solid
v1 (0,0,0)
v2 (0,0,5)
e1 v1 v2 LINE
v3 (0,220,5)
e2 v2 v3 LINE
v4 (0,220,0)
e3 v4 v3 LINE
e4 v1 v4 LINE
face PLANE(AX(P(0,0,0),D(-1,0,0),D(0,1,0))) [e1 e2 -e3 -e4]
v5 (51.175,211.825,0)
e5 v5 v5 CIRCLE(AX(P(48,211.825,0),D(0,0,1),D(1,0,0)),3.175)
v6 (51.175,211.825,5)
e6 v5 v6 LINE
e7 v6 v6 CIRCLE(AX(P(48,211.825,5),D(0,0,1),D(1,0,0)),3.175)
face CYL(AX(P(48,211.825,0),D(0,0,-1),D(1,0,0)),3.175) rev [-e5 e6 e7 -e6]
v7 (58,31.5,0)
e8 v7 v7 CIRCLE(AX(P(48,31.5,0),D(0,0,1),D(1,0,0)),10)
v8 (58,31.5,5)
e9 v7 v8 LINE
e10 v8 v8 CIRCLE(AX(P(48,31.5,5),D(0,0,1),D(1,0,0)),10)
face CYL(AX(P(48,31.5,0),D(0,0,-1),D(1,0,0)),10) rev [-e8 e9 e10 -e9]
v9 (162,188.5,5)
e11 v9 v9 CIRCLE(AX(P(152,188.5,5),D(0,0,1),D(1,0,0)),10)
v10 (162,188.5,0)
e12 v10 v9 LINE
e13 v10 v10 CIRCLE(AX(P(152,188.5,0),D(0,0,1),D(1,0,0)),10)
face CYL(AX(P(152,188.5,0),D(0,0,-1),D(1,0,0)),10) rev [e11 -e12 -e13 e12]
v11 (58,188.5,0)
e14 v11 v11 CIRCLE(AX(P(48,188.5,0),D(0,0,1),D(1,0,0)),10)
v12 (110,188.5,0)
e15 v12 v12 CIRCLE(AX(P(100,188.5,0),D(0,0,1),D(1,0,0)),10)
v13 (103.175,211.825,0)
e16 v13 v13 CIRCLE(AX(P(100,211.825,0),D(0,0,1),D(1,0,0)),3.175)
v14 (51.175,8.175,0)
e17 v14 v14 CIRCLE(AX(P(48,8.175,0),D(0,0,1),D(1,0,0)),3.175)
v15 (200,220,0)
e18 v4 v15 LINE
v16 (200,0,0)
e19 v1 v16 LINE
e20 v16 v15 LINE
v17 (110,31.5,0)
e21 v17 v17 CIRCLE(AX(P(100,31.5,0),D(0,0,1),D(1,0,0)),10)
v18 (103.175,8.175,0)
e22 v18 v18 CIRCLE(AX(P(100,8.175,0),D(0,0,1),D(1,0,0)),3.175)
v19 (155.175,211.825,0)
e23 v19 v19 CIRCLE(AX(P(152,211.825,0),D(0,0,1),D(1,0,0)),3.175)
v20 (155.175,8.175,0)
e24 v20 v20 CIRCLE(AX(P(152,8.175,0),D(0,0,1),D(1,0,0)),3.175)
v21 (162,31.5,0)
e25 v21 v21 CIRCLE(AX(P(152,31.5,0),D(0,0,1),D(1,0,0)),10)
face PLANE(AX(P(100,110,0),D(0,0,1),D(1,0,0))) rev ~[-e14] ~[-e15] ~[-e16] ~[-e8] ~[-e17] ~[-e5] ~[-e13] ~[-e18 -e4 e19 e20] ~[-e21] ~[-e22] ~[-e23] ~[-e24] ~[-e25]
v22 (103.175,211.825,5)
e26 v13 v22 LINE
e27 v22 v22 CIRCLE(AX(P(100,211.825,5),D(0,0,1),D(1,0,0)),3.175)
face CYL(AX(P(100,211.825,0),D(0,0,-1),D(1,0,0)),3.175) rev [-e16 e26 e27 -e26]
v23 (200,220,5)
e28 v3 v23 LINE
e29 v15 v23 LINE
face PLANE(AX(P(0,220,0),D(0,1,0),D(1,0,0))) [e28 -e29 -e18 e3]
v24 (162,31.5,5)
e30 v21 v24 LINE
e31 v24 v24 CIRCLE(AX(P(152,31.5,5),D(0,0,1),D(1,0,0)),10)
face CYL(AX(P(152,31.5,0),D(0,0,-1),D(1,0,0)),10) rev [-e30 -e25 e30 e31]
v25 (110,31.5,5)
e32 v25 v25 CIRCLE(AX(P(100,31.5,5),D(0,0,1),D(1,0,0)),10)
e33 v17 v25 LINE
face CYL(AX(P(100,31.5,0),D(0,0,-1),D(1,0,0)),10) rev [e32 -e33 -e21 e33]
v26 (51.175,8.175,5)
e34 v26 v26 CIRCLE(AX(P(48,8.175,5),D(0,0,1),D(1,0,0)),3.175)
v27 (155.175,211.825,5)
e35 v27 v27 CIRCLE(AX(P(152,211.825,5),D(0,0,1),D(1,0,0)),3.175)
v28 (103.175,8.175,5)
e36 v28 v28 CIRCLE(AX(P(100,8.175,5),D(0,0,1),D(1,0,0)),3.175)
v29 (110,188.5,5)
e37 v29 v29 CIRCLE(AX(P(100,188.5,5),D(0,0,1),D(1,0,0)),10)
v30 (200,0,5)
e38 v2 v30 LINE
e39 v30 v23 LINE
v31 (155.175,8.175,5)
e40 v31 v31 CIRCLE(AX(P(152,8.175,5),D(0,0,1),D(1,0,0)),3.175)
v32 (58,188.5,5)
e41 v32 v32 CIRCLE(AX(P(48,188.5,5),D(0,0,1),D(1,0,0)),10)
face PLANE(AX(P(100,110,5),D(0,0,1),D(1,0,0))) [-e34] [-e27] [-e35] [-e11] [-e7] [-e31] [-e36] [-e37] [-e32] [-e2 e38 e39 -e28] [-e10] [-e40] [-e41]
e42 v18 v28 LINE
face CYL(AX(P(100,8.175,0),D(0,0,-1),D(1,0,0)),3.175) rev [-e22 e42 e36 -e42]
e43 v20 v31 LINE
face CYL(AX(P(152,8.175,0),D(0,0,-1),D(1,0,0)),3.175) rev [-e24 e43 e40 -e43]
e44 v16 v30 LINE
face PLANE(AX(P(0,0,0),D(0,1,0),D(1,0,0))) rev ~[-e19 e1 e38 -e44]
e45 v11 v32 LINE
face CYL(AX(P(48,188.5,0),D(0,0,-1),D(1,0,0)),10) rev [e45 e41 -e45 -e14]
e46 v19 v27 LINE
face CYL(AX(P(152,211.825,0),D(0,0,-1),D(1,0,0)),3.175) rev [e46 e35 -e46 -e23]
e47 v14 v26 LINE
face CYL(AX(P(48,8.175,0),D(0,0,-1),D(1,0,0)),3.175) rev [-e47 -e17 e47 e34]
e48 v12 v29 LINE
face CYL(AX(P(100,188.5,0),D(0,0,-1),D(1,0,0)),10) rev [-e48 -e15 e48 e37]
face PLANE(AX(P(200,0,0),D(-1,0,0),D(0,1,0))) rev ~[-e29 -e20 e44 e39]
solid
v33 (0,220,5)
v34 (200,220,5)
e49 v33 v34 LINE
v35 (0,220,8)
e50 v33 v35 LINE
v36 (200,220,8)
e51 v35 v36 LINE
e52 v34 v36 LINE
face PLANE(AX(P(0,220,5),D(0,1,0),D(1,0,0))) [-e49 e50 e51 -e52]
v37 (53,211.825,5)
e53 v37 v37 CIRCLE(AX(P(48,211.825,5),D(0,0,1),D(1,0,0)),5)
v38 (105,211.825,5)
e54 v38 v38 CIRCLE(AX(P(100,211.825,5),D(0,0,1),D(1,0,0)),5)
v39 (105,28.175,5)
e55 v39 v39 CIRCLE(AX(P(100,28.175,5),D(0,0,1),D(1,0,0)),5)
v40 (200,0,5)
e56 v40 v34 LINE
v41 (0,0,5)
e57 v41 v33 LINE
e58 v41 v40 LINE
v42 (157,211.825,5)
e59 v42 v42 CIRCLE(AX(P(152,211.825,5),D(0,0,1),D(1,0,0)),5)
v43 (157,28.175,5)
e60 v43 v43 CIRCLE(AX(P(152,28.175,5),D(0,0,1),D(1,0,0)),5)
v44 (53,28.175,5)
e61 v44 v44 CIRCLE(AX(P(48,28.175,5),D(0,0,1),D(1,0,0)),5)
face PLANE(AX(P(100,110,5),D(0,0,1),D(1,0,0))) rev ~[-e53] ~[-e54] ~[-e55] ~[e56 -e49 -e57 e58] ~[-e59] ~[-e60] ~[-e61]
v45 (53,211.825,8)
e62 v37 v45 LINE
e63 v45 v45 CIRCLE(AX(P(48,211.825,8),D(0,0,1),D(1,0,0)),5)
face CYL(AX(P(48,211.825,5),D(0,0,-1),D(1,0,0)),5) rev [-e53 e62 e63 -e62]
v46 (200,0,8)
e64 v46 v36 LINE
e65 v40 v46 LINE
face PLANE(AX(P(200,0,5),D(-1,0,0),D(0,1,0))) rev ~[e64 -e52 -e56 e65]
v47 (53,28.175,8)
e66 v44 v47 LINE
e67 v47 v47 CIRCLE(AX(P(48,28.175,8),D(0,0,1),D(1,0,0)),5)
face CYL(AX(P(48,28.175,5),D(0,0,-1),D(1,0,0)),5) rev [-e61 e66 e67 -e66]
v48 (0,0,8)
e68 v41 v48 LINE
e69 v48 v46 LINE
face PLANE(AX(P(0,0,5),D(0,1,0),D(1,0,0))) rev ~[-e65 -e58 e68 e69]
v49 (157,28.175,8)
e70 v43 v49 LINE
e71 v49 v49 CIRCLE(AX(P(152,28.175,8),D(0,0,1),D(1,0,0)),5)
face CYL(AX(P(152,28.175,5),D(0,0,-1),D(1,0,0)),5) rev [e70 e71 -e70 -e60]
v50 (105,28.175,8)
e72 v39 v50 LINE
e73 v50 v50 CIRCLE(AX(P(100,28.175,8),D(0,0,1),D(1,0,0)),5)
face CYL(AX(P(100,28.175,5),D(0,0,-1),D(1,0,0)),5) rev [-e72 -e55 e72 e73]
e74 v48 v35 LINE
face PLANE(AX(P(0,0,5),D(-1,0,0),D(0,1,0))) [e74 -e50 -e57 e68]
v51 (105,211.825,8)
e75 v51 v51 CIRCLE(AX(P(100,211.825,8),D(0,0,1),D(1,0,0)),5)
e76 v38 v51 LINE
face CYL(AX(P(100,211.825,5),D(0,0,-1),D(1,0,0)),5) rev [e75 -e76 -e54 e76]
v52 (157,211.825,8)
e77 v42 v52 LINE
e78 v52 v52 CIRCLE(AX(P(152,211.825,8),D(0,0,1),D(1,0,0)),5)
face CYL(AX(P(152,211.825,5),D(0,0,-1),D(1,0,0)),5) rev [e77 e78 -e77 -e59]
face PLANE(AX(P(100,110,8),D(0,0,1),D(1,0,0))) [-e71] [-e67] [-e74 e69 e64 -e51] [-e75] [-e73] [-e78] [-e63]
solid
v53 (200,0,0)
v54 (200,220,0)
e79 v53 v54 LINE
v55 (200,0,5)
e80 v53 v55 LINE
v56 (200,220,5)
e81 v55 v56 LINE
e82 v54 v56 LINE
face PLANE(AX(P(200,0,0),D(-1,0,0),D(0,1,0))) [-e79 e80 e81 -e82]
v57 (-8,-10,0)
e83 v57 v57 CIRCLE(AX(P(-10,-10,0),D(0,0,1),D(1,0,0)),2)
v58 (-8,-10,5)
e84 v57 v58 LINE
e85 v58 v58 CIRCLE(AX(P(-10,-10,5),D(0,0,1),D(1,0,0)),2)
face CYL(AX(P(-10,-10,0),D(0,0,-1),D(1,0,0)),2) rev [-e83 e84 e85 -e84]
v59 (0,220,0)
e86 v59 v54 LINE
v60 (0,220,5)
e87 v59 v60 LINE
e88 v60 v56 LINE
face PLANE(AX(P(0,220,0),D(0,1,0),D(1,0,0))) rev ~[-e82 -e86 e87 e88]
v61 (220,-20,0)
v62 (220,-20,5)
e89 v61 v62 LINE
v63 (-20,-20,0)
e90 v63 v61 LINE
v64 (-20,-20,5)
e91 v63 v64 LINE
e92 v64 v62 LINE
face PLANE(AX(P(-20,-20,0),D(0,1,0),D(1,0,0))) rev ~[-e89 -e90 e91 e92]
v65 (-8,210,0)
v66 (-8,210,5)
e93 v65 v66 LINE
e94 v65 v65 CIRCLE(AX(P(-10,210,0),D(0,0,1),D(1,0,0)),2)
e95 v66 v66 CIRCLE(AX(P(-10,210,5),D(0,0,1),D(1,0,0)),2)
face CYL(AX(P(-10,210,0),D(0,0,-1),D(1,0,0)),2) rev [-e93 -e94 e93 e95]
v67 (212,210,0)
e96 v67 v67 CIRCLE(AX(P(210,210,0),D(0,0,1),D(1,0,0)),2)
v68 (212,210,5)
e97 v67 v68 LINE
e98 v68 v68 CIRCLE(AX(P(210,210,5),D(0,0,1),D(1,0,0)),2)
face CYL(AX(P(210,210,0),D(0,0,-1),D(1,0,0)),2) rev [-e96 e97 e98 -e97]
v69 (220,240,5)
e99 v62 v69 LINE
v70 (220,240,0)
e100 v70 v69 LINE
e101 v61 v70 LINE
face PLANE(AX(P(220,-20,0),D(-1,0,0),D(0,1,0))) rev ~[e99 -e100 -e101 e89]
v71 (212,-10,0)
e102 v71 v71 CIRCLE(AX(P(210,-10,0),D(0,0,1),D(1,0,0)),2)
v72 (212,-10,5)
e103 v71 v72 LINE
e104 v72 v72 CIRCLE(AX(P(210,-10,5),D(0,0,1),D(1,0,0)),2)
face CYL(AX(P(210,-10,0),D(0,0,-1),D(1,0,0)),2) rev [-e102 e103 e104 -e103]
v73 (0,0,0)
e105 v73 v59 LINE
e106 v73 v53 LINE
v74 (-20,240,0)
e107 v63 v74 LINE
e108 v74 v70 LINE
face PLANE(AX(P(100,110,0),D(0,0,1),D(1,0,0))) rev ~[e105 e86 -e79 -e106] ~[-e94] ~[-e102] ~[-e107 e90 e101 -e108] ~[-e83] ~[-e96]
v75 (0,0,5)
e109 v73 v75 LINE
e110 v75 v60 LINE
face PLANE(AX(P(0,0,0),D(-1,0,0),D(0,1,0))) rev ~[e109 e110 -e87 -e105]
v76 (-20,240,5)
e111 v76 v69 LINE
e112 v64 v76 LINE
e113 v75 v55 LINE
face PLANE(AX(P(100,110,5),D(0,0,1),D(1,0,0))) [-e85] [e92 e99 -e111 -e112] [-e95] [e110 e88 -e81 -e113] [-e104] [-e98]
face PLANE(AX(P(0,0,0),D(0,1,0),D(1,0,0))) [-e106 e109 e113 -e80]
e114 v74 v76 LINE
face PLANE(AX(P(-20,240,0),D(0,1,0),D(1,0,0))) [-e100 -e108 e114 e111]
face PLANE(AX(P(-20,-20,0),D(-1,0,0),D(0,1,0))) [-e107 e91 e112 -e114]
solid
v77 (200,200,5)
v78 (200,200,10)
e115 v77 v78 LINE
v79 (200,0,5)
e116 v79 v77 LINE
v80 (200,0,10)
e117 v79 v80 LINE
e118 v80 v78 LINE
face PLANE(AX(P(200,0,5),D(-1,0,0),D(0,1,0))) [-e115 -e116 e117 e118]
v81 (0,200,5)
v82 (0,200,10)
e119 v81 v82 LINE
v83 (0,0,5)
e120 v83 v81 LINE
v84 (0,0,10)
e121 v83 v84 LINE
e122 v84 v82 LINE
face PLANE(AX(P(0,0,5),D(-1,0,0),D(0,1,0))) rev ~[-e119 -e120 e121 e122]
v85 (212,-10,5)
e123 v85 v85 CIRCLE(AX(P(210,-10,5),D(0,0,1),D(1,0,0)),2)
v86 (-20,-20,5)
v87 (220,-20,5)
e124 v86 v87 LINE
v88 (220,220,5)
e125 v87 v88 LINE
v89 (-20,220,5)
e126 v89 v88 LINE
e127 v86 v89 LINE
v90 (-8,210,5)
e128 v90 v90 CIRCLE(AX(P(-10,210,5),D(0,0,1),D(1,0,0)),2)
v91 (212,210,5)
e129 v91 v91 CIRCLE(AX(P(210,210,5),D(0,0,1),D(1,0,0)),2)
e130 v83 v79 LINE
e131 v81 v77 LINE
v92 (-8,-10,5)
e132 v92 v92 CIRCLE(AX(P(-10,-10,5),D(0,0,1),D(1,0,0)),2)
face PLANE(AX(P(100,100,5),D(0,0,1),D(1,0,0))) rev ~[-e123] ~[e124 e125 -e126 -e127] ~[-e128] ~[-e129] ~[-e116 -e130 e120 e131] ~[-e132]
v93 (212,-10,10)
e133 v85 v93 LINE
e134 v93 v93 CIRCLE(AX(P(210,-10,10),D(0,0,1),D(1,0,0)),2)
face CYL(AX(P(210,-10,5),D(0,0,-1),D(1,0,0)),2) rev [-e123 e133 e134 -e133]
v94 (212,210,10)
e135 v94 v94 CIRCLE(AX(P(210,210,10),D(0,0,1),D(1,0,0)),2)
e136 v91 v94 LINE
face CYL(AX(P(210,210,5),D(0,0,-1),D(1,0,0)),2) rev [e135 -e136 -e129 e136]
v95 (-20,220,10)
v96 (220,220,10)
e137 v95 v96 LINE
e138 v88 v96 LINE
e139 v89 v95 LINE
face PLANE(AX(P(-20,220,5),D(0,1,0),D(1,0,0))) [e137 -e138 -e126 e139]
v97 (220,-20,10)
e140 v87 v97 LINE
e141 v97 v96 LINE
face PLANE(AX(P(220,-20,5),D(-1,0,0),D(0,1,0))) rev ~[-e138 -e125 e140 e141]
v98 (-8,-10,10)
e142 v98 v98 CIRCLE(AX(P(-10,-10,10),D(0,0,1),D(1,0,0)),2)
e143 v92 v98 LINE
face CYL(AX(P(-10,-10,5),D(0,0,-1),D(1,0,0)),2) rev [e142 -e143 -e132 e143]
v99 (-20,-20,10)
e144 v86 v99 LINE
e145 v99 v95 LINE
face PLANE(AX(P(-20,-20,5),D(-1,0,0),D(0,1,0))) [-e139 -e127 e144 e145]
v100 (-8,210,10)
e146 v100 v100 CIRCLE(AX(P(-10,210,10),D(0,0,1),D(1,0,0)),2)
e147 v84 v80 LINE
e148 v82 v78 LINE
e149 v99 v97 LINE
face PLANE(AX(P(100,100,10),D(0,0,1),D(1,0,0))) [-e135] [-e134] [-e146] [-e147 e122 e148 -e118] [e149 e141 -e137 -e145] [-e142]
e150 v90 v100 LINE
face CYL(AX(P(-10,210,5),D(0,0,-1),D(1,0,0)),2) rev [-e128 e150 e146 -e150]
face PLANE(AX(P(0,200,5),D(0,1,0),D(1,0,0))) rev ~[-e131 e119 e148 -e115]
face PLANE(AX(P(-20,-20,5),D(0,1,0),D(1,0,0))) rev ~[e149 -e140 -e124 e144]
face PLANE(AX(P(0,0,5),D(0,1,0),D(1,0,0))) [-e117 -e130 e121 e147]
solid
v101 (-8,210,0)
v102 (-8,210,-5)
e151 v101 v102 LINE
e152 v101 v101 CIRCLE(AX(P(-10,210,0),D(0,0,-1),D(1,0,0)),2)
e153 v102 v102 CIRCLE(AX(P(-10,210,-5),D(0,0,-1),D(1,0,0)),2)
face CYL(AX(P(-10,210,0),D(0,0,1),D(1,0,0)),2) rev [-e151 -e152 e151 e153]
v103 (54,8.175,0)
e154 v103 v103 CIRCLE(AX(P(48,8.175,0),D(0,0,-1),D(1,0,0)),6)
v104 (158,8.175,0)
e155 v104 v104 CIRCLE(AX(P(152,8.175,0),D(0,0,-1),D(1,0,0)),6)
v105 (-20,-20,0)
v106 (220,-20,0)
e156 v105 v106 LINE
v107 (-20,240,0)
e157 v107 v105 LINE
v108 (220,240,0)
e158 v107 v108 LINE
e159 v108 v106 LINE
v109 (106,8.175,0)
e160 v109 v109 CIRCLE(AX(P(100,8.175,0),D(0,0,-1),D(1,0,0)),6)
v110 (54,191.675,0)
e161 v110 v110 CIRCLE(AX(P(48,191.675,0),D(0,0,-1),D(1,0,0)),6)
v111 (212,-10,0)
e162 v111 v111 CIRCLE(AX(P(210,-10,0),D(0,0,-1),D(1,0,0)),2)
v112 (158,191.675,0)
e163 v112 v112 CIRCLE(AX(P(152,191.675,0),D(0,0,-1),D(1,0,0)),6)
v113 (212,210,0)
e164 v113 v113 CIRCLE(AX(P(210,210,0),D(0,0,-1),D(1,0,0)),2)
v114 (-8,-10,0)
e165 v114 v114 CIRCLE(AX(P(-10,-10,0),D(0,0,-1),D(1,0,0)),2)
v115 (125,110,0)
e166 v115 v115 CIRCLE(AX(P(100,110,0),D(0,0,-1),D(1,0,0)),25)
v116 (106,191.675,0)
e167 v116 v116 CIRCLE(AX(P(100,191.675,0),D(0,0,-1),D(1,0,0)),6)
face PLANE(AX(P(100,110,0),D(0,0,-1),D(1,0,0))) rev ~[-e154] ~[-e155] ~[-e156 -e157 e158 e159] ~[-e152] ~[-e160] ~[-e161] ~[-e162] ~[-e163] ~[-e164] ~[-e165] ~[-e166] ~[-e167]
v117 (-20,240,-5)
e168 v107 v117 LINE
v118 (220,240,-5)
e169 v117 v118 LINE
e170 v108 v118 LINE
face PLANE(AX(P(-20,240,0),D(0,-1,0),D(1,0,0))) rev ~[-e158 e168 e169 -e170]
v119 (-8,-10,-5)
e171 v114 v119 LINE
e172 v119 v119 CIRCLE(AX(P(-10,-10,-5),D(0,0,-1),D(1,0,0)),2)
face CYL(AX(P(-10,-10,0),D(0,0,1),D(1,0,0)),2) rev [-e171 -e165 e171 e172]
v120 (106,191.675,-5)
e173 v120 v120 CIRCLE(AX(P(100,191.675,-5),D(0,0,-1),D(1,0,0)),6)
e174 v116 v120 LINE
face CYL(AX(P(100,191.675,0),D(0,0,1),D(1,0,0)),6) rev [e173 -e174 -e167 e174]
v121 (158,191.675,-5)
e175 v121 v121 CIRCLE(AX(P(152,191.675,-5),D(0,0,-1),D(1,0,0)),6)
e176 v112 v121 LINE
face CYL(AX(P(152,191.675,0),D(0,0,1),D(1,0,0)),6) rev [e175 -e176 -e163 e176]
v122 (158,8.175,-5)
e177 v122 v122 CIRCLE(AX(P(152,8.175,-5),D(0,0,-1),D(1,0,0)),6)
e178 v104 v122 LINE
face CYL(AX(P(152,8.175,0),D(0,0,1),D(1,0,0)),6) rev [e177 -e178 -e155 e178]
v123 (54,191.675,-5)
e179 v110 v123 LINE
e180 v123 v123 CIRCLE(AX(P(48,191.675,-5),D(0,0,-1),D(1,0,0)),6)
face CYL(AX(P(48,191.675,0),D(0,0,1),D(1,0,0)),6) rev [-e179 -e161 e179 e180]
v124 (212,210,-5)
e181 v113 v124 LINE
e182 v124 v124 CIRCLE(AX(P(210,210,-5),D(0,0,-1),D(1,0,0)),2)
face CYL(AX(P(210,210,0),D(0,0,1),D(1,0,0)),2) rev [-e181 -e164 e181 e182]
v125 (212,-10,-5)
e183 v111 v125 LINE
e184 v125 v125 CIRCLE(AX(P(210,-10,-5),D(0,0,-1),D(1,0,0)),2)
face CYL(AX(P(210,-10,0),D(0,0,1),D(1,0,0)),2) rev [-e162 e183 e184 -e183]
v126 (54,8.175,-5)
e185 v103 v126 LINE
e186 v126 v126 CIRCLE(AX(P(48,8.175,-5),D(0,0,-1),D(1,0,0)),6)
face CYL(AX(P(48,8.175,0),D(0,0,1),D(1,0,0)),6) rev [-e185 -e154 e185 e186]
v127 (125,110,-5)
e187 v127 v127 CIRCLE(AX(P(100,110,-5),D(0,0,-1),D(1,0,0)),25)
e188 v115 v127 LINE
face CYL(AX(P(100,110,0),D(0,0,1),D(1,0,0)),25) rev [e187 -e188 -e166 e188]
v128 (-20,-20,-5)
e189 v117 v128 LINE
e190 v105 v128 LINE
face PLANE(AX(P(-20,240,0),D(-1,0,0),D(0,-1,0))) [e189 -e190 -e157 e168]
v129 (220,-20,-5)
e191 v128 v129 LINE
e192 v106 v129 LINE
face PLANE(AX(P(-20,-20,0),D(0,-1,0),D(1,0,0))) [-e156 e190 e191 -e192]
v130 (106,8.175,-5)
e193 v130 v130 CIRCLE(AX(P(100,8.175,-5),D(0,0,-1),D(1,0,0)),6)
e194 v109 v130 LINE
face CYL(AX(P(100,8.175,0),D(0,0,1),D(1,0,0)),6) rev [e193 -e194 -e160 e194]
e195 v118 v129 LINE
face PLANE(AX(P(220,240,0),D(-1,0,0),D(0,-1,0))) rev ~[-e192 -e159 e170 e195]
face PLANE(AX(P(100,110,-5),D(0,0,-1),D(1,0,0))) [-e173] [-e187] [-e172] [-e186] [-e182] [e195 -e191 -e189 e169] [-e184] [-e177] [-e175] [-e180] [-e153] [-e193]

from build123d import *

# Parameters (mm, degrees)
F0_W     = 200
F0_H     = 220
F0_R     = 3.175
F0_R_2   = 10
F1_DEPTH = 5
F2_W     = 200
F2_H     = 220
F2_R     = 5
F3_DEPTH = 3
F4_W     = 240
F4_H     = 260
F4_R     = 2
F4_R_2   = 6
F4_R_3   = 25
F5_DEPTH = 5
F6_W     = 240
F6_H     = 260
F6_R     = 2
F6_W_2   = 200
F6_H_2   = 220
F7_DEPTH = 5
F8_W     = 240
F8_H     = 240
F8_R     = 2
F8_W_2   = 200
F8_H_2   = 200
F9_DEPTH = 5


with BuildPart() as f1:
    # F0 (on Top) → F1 (new body)
    with BuildSketch(Plane.XY):
        with Locations((100, 110)):
            Rectangle(F0_W, F0_H)
        with Locations((48, 8.175)):
            Circle(F0_R, mode=Mode.SUBTRACT)
        with Locations((48, 31.5)):
            Circle(F0_R_2, mode=Mode.SUBTRACT)
        with Locations((100, 8.175)):
            Circle(F0_R, mode=Mode.SUBTRACT)
        with Locations((100, 31.5)):
            Circle(F0_R_2, mode=Mode.SUBTRACT)
        with Locations((152, 8.175)):
            Circle(F0_R, mode=Mode.SUBTRACT)
        with Locations((152, 31.5)):
            Circle(F0_R_2, mode=Mode.SUBTRACT)
        with Locations((48, 188.5)):
            Circle(F0_R_2, mode=Mode.SUBTRACT)
        with Locations((48, 211.825)):
            Circle(F0_R, mode=Mode.SUBTRACT)
        with Locations((100, 188.5)):
            Circle(F0_R_2, mode=Mode.SUBTRACT)
        with Locations((100, 211.825)):
            Circle(F0_R, mode=Mode.SUBTRACT)
        with Locations((152, 188.5)):
            Circle(F0_R_2, mode=Mode.SUBTRACT)
        with Locations((152, 211.825)):
            Circle(F0_R, mode=Mode.SUBTRACT)
    extrude(amount=F1_DEPTH)


with BuildPart() as f3:
    # F2 (on face) → F3 (new body)
    with BuildSketch(Plane.XY.offset(5)):
        with Locations((100, 110)):
            Rectangle(F2_W, F2_H)
        with Locations((48, 28.175)):
            Circle(F2_R, mode=Mode.SUBTRACT)
        with Locations((100, 28.175)):
            Circle(F2_R, mode=Mode.SUBTRACT)
        with Locations((152, 28.175)):
            Circle(F2_R, mode=Mode.SUBTRACT)
        with Locations((48, 211.825)):
            Circle(F2_R, mode=Mode.SUBTRACT)
        with Locations((100, 211.825)):
            Circle(F2_R, mode=Mode.SUBTRACT)
        with Locations((152, 211.825)):
            Circle(F2_R, mode=Mode.SUBTRACT)
    extrude(amount=F3_DEPTH)


with BuildPart() as f5:
    # F4 (on face) → F5 (new body)
    with BuildSketch(Plane(origin=(0, 0, 0), x_dir=(1, 0, 0), z_dir=(0, 0, -1))):
        with Locations((100, -110)):
            Rectangle(F4_W, F4_H)
        with Locations((-10, -210)):
            Circle(F4_R, mode=Mode.SUBTRACT)
        with Locations((48, -191.675)):
            Circle(F4_R_2, mode=Mode.SUBTRACT)
        with Locations((100, -191.675)):
            Circle(F4_R_2, mode=Mode.SUBTRACT)
        with Locations((152, -191.675)):
            Circle(F4_R_2, mode=Mode.SUBTRACT)
        with Locations((210, -210)):
            Circle(F4_R, mode=Mode.SUBTRACT)
        with Locations((-10, 10)):
            Circle(F4_R, mode=Mode.SUBTRACT)
        with Locations((48, -8.175)):
            Circle(F4_R_2, mode=Mode.SUBTRACT)
        with Locations((100, -110)):
            Circle(F4_R_3, mode=Mode.SUBTRACT)
        with Locations((100, -8.175)):
            Circle(F4_R_2, mode=Mode.SUBTRACT)
        with Locations((152, -8.175)):
            Circle(F4_R_2, mode=Mode.SUBTRACT)
        with Locations((210, 10)):
            Circle(F4_R, mode=Mode.SUBTRACT)
    extrude(amount=F5_DEPTH)


with BuildPart() as f7:
    # F6 (on face) → F7 (new body)
    with BuildSketch(Plane.XY):
        with Locations((100, 110)):
            Rectangle(F6_W, F6_H)
        with Locations((-10, -10)):
            Circle(F6_R, mode=Mode.SUBTRACT)
        with Locations((210, -10)):
            Circle(F6_R, mode=Mode.SUBTRACT)
        with Locations((-10, 210)):
            Circle(F6_R, mode=Mode.SUBTRACT)
        with Locations((100, 110)):
            Rectangle(F6_W_2, F6_H_2, mode=Mode.SUBTRACT)
        with Locations((210, 210)):
            Circle(F6_R, mode=Mode.SUBTRACT)
    extrude(amount=F7_DEPTH)


with BuildPart() as f9:
    # F8 (on face) → F9 (new body)
    with BuildSketch(Plane.XY.offset(5)):
        with Locations((100, 100)):
            Rectangle(F8_W, F8_H)
        with Locations((-10, -10)):
            Circle(F8_R, mode=Mode.SUBTRACT)
        with Locations((210, -10)):
            Circle(F8_R, mode=Mode.SUBTRACT)
        with Locations((-10, 210)):
            Circle(F8_R, mode=Mode.SUBTRACT)
        with Locations((100, 100)):
            Rectangle(F8_W_2, F8_H_2, mode=Mode.SUBTRACT)
        with Locations((210, 210)):
            Circle(F8_R, mode=Mode.SUBTRACT)
    extrude(amount=F9_DEPTH)


solid = Compound([f1.part, f3.part, f5.part, f7.part, f9.part])
